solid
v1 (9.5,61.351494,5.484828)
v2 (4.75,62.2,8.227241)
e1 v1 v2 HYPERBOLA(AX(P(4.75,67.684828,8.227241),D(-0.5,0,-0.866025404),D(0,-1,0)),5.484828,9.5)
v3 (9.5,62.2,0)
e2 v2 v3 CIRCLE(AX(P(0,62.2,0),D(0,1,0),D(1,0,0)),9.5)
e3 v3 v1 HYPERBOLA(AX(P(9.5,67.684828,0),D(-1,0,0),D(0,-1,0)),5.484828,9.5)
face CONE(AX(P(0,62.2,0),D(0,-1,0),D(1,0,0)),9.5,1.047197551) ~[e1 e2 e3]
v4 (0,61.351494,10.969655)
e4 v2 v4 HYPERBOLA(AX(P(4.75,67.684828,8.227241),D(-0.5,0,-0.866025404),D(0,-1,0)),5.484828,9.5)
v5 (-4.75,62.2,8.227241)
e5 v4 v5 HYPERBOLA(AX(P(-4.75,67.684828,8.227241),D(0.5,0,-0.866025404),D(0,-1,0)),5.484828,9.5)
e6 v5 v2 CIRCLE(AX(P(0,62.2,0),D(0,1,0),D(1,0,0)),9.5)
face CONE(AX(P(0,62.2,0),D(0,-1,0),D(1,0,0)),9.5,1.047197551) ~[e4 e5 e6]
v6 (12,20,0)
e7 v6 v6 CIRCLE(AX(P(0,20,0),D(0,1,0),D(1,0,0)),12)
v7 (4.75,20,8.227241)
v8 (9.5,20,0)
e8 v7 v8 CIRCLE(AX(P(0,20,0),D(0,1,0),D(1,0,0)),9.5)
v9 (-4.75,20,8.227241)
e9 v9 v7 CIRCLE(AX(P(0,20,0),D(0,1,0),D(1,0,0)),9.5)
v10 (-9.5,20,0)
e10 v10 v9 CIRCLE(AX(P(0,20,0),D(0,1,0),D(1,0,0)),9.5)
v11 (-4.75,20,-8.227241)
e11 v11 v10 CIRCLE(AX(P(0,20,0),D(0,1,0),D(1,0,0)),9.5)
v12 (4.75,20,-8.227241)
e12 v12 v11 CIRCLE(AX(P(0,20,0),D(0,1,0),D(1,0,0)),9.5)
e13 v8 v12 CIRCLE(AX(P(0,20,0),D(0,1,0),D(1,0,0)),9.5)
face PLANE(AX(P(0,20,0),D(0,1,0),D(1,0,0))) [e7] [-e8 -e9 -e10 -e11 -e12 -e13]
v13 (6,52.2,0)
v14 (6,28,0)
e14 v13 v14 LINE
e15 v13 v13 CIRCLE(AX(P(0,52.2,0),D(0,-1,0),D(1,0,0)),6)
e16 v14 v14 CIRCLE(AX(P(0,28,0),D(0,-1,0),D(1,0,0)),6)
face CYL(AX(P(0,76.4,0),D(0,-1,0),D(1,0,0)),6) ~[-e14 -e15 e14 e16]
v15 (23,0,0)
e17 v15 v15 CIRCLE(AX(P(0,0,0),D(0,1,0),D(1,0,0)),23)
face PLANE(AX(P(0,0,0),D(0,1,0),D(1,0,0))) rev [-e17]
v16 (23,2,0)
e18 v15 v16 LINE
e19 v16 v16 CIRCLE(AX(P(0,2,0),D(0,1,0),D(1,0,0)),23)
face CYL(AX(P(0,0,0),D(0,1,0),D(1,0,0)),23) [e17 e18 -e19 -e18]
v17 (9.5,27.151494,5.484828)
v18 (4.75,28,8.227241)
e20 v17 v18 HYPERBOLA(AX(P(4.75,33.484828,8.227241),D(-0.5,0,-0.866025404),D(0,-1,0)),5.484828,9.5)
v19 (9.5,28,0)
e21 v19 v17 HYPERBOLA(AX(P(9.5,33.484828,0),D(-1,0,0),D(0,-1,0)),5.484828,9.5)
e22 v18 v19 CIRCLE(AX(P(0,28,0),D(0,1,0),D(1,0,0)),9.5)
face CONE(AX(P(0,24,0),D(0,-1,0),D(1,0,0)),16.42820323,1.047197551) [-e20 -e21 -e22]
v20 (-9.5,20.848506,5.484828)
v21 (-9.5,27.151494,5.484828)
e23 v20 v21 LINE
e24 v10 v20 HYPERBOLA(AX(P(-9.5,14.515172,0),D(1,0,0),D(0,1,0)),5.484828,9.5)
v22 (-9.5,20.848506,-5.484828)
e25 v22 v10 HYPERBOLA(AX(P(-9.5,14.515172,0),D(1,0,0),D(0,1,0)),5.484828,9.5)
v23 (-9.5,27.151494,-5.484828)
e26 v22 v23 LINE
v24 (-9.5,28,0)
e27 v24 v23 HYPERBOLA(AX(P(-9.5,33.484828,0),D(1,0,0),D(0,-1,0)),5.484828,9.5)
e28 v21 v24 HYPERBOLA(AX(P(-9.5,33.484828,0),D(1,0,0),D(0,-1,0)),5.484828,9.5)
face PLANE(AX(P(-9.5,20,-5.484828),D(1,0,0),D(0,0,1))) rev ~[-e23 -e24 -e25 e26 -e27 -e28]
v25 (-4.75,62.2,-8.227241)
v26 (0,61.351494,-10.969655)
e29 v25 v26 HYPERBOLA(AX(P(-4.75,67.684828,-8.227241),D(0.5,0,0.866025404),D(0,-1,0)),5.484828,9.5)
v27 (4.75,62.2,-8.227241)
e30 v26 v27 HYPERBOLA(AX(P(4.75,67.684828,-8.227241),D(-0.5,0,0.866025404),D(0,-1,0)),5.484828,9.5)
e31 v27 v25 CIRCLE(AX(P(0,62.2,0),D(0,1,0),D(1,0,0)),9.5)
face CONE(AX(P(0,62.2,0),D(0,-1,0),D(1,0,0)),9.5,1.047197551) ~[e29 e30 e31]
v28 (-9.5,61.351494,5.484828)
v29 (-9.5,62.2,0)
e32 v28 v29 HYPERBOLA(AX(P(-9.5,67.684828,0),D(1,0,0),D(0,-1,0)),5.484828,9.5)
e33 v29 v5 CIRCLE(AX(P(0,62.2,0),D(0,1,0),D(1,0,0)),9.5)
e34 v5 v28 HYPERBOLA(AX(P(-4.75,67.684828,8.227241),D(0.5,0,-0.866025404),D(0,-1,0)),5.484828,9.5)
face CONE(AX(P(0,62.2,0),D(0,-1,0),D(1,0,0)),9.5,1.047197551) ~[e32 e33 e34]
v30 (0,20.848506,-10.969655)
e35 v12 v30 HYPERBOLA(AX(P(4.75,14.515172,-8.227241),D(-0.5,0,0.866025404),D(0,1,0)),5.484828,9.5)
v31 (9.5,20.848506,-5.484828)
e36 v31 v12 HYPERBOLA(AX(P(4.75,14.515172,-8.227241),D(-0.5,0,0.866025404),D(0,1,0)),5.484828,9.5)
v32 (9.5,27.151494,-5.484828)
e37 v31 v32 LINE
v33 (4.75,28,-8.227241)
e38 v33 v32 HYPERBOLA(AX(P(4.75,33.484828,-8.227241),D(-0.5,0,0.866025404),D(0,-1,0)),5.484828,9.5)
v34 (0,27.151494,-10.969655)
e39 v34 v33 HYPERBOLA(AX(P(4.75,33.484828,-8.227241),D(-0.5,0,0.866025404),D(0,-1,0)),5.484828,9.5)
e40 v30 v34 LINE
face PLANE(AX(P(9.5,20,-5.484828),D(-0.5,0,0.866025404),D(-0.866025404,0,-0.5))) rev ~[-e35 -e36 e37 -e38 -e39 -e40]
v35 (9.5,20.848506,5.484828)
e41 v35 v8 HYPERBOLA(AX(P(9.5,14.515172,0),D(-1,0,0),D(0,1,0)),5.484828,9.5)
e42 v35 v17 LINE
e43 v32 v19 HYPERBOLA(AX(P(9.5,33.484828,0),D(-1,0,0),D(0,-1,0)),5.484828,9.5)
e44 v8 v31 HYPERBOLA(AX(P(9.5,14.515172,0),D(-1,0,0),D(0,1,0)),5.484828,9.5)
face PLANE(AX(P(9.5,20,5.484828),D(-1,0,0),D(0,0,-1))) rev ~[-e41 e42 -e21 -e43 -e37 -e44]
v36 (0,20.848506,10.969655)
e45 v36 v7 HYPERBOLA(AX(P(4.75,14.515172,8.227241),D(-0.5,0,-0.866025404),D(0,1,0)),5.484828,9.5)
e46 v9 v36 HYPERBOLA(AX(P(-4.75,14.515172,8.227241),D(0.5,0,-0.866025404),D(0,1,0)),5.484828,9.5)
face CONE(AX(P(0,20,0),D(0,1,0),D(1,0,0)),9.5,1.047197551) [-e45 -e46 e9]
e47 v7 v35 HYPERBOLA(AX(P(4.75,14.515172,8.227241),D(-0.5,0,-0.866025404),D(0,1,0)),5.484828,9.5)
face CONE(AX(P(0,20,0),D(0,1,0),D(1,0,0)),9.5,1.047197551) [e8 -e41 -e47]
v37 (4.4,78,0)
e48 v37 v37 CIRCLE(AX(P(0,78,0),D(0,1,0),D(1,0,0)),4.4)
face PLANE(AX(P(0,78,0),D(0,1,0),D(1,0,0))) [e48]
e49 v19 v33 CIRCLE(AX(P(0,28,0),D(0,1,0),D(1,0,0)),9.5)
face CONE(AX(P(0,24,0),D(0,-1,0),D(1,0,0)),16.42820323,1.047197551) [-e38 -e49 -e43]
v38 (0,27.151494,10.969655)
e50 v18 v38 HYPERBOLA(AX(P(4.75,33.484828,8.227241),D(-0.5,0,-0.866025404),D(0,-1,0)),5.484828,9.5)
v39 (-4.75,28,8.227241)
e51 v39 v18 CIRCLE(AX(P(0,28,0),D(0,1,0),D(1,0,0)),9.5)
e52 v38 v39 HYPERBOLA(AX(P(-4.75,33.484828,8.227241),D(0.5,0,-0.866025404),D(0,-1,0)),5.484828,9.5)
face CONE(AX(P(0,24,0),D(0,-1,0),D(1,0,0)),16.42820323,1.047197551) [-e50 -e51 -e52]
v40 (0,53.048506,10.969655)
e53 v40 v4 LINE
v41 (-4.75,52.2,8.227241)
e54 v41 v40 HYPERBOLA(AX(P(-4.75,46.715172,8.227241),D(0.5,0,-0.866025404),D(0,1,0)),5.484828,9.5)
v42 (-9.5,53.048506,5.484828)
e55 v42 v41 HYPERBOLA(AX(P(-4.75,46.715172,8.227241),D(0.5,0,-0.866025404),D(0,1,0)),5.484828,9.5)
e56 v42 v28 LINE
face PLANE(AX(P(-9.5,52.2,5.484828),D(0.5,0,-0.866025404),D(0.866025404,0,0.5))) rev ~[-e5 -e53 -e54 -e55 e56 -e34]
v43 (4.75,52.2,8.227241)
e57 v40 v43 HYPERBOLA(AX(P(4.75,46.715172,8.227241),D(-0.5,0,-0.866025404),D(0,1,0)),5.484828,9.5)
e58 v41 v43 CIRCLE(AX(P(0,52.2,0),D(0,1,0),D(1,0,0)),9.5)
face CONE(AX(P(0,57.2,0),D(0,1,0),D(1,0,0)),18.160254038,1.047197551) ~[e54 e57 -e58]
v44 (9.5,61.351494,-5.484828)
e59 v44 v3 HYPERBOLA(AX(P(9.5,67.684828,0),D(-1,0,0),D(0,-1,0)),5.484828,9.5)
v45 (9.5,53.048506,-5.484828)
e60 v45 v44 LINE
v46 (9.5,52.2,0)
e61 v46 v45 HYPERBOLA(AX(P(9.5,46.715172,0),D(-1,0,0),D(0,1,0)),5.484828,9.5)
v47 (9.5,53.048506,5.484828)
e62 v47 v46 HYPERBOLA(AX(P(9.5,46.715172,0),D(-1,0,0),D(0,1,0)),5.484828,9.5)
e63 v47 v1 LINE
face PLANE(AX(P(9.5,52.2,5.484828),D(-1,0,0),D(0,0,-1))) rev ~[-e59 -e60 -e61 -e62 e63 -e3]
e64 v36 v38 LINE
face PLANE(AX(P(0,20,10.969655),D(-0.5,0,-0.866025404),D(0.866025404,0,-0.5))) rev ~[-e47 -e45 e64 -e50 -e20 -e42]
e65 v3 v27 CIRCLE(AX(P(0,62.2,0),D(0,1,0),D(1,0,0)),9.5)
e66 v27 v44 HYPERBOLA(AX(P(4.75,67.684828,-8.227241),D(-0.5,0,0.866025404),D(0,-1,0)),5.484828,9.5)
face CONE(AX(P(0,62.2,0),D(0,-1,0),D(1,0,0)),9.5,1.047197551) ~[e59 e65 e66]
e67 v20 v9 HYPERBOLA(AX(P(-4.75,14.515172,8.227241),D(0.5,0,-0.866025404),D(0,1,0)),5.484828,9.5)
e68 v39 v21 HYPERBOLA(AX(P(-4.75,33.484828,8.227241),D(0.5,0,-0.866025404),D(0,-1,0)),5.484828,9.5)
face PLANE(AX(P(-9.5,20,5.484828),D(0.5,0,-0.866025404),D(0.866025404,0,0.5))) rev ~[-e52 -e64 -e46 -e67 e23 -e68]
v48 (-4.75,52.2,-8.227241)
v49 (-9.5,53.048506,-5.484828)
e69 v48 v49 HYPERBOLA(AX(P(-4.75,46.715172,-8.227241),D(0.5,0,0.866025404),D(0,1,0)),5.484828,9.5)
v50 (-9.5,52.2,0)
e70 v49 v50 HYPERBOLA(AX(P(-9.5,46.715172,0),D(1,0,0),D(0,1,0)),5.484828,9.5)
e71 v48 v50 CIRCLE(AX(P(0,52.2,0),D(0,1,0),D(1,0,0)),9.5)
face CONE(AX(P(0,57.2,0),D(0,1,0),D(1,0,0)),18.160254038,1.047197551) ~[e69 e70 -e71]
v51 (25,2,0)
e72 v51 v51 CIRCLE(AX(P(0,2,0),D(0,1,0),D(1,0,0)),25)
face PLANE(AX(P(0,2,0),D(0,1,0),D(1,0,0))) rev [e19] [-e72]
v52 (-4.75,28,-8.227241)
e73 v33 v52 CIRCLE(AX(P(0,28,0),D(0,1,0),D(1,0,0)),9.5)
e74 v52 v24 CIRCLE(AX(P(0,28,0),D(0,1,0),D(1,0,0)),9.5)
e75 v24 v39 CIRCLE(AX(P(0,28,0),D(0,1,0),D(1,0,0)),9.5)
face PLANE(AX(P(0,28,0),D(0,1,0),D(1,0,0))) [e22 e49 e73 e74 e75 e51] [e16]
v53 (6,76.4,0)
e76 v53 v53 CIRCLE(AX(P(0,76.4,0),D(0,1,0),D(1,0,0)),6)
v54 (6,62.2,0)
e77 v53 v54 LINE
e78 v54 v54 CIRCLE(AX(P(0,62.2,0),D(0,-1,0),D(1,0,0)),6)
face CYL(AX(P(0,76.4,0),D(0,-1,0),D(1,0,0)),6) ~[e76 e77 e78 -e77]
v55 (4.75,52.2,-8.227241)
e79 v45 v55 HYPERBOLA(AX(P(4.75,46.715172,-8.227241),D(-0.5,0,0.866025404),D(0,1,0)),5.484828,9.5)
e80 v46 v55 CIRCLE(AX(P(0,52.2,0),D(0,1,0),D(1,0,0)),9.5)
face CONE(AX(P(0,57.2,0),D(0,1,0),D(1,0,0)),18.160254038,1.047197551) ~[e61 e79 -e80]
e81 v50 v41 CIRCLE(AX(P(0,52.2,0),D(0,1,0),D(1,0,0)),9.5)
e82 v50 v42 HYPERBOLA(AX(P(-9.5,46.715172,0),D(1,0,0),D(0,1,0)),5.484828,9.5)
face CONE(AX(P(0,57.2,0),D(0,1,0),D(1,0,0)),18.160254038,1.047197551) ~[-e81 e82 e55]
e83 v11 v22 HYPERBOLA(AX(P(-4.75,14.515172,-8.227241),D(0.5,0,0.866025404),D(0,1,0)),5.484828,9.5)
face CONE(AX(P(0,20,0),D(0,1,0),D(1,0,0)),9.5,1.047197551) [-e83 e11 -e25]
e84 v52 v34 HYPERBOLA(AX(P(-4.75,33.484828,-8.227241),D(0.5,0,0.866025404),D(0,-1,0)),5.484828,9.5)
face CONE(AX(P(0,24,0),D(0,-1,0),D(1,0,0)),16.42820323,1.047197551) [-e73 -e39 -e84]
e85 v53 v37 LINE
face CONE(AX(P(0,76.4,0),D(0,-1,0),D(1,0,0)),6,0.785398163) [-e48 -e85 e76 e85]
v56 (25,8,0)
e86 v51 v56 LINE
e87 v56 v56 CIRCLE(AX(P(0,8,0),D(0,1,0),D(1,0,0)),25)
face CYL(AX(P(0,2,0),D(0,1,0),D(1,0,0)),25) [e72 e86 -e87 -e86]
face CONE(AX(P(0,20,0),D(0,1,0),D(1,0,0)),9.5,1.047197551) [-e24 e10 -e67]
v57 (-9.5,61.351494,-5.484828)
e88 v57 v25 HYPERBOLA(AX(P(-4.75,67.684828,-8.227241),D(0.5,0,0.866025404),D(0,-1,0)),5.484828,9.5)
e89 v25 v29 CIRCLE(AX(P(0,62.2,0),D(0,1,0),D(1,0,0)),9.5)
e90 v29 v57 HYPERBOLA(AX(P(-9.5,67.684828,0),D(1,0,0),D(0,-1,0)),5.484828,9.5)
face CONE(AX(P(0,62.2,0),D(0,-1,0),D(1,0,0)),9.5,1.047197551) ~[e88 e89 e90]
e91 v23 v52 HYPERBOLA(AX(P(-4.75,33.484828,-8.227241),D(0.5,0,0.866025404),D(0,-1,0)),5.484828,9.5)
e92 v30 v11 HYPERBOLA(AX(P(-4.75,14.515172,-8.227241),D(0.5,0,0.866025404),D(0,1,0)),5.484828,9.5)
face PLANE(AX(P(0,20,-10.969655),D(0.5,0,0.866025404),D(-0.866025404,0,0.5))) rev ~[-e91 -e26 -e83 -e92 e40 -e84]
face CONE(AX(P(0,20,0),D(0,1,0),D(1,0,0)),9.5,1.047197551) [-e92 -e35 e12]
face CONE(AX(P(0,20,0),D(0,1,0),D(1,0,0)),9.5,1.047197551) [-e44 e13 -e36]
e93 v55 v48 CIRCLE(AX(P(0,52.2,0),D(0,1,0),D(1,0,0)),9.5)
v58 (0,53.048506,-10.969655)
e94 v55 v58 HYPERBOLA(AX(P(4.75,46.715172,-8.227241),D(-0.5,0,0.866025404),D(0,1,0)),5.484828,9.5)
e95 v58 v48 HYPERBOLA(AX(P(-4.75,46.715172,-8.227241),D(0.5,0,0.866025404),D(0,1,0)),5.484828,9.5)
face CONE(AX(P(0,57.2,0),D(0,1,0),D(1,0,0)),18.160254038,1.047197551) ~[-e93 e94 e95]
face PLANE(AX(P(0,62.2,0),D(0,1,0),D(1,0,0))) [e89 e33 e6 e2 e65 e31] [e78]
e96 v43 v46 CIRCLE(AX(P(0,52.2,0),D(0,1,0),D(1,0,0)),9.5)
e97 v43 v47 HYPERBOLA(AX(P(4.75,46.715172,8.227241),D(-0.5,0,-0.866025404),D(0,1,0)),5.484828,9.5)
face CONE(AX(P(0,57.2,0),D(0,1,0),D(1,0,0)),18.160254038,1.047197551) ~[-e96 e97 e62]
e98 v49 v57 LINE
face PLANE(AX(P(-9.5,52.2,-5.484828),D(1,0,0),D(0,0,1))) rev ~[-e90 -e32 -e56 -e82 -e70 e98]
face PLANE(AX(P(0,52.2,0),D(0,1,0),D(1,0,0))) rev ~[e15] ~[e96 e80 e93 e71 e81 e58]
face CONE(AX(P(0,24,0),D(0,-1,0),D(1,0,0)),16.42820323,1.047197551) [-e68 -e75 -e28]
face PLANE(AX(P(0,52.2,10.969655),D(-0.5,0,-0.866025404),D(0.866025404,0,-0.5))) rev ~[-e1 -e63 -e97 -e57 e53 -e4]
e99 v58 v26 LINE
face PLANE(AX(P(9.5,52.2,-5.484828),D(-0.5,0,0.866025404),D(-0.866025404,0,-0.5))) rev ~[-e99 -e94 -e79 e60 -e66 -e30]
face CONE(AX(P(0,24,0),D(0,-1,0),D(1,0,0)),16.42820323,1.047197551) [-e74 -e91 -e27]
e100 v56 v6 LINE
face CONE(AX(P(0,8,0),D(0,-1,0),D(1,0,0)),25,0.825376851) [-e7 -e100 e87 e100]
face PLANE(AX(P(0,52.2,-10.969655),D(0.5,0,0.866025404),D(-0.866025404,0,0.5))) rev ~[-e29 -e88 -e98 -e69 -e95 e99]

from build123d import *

# Parameters (mm, degrees)
EXTRUDE_1_DEPTH = 8
EXTRUDE_2_DEPTH = 10


with BuildPart() as part:
    # Эскиз1 → Повернуть1 (revolve)
    with BuildSketch(Plane.XY, mode=Mode.PRIVATE) as revolve_1_sk:
        Polygon((0, 0), (-23, 0), (-23, 2), (-25, 2), (-25, 8), (-12, 20), (-6, 20), (-6, 28), (-6, 76.4), (-4.4, 78), (0, 78), align=None)
    revolve(revolve_1_sk.sketch.rotate(Axis((0, 0, 0), (0, 1, 0)), 180), axis=Axis((0, 0, 0), (0, 1, 0)))  # turned: the seam where the file's is

    # Эскиз2 → Бобышка-Вытянуть1 (add)
    with BuildSketch(Plane(origin=(0, 20, 0), x_dir=(1, 0, 0), z_dir=(0, 1, 0))):
        Polygon((0, 10.969655115), (-9.5, 5.484827557), (-9.5, -5.484827557), (0, -10.969655115), (9.5, -5.484827557), (9.5, 5.484827557), align=None)
    extrude(amount=EXTRUDE_1_DEPTH)

    # Эскиз3 → Бобышка-Вытянуть2 (add)
    with BuildSketch(Plane(origin=(0, 52.2, 0), x_dir=(1, 0, 0), z_dir=(0, 1, 0))):
        Polygon((9.5, 5.484827557), (0, 10.969655115), (-9.5, 5.484827557), (-9.5, -5.484827557), (0, -10.969655115), (9.5, -5.484827557), align=None)
    extrude(amount=EXTRUDE_2_DEPTH)

    # Эскиз4 → Вырез-Повернуть2 (revolve, cut)
    with BuildSketch(Plane.XY, mode=Mode.PRIVATE) as cut_revolve_2_sk:
        Polygon((-18.160254038, 62.2), (-9.5, 62.2), (-18.160254038, 57.2), align=None)
        Polygon((-18.160254038, 52.2), (-18.160254038, 57.2), (-9.5, 52.2), align=None)
        Polygon((-16.42820323, 28), (-16.42820323, 24), (-9.5, 28), align=None)
        Polygon((-16.42820323, 24), (-16.42820323, 20), (-9.5, 20), align=None)
    revolve(cut_revolve_2_sk.sketch.rotate(Axis((0, 78, 0), (0, 1, 0)), 180), axis=Axis((0, 78, 0), (0, 1, 0)), mode=Mode.SUBTRACT)  # turned: the seam where the file's is


solid = part.part
